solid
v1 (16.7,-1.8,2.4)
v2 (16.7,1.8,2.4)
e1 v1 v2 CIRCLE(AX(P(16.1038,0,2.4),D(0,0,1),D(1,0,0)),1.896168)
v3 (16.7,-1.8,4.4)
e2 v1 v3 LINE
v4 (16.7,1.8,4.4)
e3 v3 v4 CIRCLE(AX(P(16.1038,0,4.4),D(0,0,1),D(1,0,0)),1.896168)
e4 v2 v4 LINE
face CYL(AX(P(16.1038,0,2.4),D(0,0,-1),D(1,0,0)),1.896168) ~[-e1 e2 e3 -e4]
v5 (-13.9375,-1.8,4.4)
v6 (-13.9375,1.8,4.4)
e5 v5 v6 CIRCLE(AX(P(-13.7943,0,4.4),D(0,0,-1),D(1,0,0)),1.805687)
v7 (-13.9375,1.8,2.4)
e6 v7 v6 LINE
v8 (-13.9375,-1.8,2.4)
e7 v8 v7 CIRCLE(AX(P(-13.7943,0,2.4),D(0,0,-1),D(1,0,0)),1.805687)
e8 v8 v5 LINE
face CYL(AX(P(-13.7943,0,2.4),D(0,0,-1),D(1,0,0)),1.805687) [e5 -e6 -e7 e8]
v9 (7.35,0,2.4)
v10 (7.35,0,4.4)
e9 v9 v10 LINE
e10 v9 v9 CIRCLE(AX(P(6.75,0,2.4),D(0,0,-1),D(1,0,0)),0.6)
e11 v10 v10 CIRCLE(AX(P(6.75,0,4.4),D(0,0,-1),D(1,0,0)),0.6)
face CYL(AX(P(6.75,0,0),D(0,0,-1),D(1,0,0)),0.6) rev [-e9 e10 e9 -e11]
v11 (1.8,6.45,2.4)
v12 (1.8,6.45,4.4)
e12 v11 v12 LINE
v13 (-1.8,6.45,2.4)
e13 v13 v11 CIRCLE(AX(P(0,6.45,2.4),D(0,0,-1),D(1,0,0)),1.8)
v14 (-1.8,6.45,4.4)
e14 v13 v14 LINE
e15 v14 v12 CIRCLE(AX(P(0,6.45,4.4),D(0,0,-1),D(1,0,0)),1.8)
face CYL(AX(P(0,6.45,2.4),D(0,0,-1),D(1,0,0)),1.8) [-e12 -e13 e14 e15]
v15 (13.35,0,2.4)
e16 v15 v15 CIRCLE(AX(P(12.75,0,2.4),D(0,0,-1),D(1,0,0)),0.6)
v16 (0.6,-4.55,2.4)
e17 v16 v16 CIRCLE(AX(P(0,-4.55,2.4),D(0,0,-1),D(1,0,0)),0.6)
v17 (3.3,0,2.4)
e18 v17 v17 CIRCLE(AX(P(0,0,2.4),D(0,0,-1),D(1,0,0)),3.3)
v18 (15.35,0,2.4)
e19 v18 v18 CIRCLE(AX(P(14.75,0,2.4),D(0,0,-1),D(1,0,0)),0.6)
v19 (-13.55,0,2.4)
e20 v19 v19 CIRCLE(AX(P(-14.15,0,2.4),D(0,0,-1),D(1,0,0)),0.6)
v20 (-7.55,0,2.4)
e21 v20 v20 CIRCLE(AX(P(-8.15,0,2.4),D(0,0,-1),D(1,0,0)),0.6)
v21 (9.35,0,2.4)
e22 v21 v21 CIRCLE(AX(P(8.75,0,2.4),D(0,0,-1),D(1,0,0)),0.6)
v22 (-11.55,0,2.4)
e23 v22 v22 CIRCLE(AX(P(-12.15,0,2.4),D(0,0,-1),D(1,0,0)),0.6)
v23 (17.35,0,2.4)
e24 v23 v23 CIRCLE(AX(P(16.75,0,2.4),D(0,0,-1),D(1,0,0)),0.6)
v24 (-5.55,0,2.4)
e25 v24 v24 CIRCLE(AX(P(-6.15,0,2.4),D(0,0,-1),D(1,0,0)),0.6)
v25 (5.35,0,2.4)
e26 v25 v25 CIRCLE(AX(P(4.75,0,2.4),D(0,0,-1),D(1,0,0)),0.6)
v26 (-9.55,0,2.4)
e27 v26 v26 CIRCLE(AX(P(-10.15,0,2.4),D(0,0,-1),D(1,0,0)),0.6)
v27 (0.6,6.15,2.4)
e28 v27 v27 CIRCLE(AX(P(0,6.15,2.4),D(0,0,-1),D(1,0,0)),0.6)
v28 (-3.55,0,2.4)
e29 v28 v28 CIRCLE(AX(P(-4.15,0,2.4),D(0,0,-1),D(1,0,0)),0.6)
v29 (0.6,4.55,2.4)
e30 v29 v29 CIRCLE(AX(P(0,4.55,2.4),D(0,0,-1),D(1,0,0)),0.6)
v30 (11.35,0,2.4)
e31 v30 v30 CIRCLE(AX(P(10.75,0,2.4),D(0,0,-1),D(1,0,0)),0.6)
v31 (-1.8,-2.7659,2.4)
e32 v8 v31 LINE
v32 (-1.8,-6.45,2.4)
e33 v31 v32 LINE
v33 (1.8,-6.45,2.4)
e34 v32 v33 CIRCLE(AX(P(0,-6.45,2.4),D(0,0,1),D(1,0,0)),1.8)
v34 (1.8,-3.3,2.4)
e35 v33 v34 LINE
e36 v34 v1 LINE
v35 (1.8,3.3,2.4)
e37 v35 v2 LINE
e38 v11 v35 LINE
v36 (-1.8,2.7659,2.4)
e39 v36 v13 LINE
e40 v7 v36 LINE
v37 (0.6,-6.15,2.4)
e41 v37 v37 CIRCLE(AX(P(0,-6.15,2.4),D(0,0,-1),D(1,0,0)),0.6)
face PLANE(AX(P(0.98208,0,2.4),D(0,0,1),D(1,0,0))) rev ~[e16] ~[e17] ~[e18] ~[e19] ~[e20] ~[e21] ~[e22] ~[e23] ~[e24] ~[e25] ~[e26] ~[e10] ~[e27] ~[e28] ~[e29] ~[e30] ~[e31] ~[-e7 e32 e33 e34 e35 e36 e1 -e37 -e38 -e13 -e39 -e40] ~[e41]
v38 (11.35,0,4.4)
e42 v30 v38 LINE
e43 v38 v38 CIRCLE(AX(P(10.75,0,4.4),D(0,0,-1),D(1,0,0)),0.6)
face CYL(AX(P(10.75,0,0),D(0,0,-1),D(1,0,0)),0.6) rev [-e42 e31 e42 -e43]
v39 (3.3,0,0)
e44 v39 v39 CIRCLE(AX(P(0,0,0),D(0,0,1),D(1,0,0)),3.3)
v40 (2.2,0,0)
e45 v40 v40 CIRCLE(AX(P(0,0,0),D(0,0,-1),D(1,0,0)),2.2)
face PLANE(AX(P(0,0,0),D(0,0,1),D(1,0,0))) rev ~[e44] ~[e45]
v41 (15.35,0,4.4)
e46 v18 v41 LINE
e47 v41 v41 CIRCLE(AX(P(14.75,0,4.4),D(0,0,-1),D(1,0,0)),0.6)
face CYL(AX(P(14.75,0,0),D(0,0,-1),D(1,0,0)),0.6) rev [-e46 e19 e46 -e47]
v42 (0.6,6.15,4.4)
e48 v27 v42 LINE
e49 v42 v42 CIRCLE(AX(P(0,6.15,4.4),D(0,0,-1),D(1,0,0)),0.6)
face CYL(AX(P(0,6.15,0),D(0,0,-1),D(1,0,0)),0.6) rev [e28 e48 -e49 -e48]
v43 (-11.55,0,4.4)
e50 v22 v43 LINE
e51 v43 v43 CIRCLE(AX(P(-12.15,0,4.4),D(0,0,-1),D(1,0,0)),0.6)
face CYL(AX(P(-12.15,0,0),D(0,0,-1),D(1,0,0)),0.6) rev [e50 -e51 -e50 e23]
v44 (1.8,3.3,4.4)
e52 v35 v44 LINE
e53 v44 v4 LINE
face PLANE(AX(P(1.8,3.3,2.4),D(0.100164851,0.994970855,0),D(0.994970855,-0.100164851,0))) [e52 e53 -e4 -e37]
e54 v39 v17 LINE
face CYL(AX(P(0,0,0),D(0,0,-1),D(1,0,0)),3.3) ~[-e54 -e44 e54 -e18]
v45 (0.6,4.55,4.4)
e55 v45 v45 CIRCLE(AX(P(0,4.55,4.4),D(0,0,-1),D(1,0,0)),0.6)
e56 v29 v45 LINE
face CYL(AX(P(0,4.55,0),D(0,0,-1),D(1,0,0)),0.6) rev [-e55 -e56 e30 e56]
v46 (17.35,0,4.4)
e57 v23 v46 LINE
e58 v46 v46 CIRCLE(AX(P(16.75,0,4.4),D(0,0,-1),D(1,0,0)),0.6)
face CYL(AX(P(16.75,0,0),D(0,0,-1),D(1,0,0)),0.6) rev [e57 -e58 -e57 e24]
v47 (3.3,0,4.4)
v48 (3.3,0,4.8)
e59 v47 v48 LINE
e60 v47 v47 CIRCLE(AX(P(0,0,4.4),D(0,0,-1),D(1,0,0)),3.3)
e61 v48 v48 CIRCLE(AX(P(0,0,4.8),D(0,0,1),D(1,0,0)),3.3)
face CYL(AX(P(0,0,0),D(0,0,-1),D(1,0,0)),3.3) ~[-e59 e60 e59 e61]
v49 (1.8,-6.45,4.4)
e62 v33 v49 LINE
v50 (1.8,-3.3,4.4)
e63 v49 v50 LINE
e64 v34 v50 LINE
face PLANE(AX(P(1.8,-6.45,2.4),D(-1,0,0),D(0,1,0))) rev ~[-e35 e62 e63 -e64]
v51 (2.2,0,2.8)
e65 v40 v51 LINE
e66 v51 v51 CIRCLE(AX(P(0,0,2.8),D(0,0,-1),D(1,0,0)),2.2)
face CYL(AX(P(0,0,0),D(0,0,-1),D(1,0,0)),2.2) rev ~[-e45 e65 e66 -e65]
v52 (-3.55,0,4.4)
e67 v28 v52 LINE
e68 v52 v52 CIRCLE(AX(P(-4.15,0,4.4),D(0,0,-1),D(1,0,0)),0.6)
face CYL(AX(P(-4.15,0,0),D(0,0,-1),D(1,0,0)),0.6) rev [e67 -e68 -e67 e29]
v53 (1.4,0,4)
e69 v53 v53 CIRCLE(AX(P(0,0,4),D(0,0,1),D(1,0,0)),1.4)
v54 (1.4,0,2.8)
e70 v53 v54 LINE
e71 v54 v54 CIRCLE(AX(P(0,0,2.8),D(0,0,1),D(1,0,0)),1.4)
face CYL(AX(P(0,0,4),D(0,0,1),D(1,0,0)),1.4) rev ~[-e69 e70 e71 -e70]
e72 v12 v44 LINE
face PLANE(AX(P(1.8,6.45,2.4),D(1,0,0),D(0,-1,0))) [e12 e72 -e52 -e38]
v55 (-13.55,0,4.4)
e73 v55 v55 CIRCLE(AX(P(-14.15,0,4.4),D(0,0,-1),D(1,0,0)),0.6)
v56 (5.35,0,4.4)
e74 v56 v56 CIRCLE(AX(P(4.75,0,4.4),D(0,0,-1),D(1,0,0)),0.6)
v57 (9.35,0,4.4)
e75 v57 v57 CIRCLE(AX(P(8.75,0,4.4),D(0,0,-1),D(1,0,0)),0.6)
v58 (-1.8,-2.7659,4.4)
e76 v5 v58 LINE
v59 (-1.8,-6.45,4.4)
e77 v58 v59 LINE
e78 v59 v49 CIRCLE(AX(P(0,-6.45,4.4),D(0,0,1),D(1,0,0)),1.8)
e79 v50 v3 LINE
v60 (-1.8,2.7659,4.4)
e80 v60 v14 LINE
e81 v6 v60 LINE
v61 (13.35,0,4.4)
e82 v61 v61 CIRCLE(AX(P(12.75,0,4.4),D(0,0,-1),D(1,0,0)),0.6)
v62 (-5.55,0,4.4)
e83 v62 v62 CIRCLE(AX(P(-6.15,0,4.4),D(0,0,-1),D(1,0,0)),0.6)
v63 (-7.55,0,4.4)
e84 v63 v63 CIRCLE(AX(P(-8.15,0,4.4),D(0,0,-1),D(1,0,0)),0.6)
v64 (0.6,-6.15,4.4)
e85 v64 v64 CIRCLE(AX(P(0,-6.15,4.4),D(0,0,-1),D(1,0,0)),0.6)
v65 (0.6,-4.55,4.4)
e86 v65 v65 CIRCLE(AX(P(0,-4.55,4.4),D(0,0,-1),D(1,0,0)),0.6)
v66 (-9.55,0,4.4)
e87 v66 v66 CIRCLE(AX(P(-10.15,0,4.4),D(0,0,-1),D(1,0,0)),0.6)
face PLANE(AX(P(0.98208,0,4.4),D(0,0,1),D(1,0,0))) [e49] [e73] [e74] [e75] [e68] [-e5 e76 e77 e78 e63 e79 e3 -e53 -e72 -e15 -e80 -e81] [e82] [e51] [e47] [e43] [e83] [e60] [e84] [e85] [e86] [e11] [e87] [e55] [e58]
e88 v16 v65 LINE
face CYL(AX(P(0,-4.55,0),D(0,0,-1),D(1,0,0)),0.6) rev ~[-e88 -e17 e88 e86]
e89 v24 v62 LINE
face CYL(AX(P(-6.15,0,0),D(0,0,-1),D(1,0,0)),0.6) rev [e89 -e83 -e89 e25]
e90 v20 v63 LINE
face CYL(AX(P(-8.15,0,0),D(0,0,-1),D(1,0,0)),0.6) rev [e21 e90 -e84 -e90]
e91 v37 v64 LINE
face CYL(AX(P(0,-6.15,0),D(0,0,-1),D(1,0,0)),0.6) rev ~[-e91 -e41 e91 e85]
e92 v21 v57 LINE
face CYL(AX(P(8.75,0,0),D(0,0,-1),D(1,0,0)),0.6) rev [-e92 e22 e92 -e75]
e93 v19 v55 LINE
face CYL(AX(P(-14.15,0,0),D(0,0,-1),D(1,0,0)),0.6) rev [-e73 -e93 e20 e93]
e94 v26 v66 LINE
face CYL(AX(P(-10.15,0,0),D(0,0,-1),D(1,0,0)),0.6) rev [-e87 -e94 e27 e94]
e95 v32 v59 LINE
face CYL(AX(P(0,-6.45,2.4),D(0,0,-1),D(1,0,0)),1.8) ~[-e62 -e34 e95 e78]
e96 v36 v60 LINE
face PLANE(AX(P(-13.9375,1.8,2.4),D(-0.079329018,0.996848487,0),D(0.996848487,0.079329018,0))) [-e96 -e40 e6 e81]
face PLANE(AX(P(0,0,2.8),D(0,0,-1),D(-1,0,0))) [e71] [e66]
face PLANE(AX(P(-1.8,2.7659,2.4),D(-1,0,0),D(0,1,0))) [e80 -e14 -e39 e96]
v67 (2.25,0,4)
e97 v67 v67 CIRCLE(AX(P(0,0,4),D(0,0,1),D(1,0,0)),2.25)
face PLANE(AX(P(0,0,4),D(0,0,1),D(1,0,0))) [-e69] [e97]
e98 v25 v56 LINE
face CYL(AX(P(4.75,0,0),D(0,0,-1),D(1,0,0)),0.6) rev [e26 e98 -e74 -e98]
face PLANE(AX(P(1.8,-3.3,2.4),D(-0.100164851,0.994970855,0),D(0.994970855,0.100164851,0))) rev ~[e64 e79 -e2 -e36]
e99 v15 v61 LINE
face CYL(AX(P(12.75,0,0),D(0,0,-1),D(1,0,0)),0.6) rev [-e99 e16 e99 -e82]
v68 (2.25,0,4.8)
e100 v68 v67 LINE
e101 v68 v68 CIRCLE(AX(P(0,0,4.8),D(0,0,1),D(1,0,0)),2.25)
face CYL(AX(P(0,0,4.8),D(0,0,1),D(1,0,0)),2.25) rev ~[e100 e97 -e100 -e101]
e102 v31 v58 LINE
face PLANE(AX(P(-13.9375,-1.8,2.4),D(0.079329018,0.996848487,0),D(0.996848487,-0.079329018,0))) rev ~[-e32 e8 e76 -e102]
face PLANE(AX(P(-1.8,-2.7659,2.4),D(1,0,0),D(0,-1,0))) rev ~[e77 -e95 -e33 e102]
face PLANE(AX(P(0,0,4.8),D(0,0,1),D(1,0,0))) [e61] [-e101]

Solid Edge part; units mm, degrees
sketch "Sketch1" plane through (0, 0, 0) normal (0, 0, 1) x (1, 0, 0)
  circle A0 centre (0, 0) radius 3.3
  dimension "D1" = 6.6
extrude "Protrusion1" add sketch "Sketch1" along normal blind 4.8
sketch "Sketch2" plane through (0, 0, 4.8) normal (0, 0, 1) x (1, 0, 0)
  circle A0 centre (0, 0) radius 2.25
  dimension "D1" = 4.5
extrude "Extrusionsausschnitt_1" cut sketch "Sketch2" against normal blind 0.8
sketch "Sketch3" plane through (0, 0, 4) normal (0, 0, 1) x (1, 0, 0)
  circle A0 centre (0, 0) radius 1.4
  dimension "D1" = 2.8
extrude "Cutout1" cut sketch "Sketch3" against normal through all
sketch "Sketch4" plane through (0, 0, 0) normal (0, 0, -1) x (1, 0, 0)
  circle A0 centre (0, 0) radius 2.2
  dimension "D1" = 4.4
extrude "Extrusionsausschnitt_3" cut sketch "Sketch4" against normal blind 2.8
sketch "Sketch5" plane through (0, 0, 2.4) normal (0, 0, -1) x (1, 0, 0)
  line L0 (-13.9375, 1.8) -> (-1.8, 2.7659)
  line L1 (-1.8, 2.7659) -> (-1.8, 6.45)
  arc A0 (-1.8, 6.45) -> (1.8, 6.45) centre (0, 6.45) cw
  line L2 (1.8, 6.45) -> (1.8, 3.3)
  line L3 (1.8, 3.3) -> (16.7, 1.8)
  arc A1 (16.7, 1.8) -> (16.7, -1.8) centre (16.1038, 0) cw
  line L4 (1.8, -3.3) -> (16.7, -1.8)
  line L5 (1.8, -6.45) -> (1.8, -3.3)
  arc A2 (-1.8, -6.45) -> (1.8, -6.45) centre (0, -6.45) ccw
  line L6 (-1.8, -2.7659) -> (-1.8, -6.45)
  line L7 (-13.9375, -1.8) -> (-1.8, -2.7659)
  arc A3 (-13.9375, 1.8) -> (-13.9375, -1.8) centre (-13.7943, 0) ccw
  circle A4 centre (0, 0) radius 2.7122
  dimension "D1" = 3.6
  dimension "D2" = 6.6
  dimension "D3" = 3.6
  dimension "D4" = 16.5
  dimension "D5" = 15.6
  dimension "D6" = 3.6
  dimension "D7" = 18
  dimension "D8" = 16.7
extrude "Extrusionsausprägung_2" add sketch "Sketch5" against normal blind 2
sketch "Sketch6" plane through (0, 0, 0) normal (0, 0, 1) x (1, 0, 0)
  circle A0 centre (0, 6.15) radius 0.6
  circle A1 centre (0, 4.55) radius 0.6
extrude "Cutout2" cut sketch "Sketch6" along normal through all
mirror "Mirror1" about plane through (0, 0, 0) normal (0, -1, 0) of "Cutout2"
sketch "Sketch7" plane through (0, 0, 0) normal (0, 0, 1) x (1, 0, 0)
  circle A0 centre (-12.15, 0) radius 0.6
  circle A1 centre (-14.15, 0) radius 0.6
  circle A2 centre (-10.15, 0) radius 0.6
  circle A3 centre (-8.15, 0) radius 0.6
  circle A4 centre (-6.15, 0) radius 0.6
  circle A5 centre (-4.15, 0) radius 0.6
  dimension "D1" = 16.4
  dimension "D2" = 14.4
  dimension "D3" = 1.2
extrude "Cutout3" cut sketch "Sketch7" along normal through all
sketch "Sketch8" plane through (0, 0, 0) normal (0, 0, 1) x (1, 0, 0)
  circle A0 centre (4.75, 0) radius 0.6
  circle A1 centre (6.75, 0) radius 0.6
  circle A2 centre (8.75, 0) radius 0.6
  circle A3 centre (10.75, 0) radius 0.6
  circle A4 centre (12.75, 0) radius 0.6
  circle A5 centre (14.75, 0) radius 0.6
  circle A6 centre (16.75, 0) radius 0.6
  dimension "D1" = 19
  dimension "D2" = 15
  dimension "D3" = 1.2
extrude "Cutout4" cut sketch "Sketch8" along normal through all
